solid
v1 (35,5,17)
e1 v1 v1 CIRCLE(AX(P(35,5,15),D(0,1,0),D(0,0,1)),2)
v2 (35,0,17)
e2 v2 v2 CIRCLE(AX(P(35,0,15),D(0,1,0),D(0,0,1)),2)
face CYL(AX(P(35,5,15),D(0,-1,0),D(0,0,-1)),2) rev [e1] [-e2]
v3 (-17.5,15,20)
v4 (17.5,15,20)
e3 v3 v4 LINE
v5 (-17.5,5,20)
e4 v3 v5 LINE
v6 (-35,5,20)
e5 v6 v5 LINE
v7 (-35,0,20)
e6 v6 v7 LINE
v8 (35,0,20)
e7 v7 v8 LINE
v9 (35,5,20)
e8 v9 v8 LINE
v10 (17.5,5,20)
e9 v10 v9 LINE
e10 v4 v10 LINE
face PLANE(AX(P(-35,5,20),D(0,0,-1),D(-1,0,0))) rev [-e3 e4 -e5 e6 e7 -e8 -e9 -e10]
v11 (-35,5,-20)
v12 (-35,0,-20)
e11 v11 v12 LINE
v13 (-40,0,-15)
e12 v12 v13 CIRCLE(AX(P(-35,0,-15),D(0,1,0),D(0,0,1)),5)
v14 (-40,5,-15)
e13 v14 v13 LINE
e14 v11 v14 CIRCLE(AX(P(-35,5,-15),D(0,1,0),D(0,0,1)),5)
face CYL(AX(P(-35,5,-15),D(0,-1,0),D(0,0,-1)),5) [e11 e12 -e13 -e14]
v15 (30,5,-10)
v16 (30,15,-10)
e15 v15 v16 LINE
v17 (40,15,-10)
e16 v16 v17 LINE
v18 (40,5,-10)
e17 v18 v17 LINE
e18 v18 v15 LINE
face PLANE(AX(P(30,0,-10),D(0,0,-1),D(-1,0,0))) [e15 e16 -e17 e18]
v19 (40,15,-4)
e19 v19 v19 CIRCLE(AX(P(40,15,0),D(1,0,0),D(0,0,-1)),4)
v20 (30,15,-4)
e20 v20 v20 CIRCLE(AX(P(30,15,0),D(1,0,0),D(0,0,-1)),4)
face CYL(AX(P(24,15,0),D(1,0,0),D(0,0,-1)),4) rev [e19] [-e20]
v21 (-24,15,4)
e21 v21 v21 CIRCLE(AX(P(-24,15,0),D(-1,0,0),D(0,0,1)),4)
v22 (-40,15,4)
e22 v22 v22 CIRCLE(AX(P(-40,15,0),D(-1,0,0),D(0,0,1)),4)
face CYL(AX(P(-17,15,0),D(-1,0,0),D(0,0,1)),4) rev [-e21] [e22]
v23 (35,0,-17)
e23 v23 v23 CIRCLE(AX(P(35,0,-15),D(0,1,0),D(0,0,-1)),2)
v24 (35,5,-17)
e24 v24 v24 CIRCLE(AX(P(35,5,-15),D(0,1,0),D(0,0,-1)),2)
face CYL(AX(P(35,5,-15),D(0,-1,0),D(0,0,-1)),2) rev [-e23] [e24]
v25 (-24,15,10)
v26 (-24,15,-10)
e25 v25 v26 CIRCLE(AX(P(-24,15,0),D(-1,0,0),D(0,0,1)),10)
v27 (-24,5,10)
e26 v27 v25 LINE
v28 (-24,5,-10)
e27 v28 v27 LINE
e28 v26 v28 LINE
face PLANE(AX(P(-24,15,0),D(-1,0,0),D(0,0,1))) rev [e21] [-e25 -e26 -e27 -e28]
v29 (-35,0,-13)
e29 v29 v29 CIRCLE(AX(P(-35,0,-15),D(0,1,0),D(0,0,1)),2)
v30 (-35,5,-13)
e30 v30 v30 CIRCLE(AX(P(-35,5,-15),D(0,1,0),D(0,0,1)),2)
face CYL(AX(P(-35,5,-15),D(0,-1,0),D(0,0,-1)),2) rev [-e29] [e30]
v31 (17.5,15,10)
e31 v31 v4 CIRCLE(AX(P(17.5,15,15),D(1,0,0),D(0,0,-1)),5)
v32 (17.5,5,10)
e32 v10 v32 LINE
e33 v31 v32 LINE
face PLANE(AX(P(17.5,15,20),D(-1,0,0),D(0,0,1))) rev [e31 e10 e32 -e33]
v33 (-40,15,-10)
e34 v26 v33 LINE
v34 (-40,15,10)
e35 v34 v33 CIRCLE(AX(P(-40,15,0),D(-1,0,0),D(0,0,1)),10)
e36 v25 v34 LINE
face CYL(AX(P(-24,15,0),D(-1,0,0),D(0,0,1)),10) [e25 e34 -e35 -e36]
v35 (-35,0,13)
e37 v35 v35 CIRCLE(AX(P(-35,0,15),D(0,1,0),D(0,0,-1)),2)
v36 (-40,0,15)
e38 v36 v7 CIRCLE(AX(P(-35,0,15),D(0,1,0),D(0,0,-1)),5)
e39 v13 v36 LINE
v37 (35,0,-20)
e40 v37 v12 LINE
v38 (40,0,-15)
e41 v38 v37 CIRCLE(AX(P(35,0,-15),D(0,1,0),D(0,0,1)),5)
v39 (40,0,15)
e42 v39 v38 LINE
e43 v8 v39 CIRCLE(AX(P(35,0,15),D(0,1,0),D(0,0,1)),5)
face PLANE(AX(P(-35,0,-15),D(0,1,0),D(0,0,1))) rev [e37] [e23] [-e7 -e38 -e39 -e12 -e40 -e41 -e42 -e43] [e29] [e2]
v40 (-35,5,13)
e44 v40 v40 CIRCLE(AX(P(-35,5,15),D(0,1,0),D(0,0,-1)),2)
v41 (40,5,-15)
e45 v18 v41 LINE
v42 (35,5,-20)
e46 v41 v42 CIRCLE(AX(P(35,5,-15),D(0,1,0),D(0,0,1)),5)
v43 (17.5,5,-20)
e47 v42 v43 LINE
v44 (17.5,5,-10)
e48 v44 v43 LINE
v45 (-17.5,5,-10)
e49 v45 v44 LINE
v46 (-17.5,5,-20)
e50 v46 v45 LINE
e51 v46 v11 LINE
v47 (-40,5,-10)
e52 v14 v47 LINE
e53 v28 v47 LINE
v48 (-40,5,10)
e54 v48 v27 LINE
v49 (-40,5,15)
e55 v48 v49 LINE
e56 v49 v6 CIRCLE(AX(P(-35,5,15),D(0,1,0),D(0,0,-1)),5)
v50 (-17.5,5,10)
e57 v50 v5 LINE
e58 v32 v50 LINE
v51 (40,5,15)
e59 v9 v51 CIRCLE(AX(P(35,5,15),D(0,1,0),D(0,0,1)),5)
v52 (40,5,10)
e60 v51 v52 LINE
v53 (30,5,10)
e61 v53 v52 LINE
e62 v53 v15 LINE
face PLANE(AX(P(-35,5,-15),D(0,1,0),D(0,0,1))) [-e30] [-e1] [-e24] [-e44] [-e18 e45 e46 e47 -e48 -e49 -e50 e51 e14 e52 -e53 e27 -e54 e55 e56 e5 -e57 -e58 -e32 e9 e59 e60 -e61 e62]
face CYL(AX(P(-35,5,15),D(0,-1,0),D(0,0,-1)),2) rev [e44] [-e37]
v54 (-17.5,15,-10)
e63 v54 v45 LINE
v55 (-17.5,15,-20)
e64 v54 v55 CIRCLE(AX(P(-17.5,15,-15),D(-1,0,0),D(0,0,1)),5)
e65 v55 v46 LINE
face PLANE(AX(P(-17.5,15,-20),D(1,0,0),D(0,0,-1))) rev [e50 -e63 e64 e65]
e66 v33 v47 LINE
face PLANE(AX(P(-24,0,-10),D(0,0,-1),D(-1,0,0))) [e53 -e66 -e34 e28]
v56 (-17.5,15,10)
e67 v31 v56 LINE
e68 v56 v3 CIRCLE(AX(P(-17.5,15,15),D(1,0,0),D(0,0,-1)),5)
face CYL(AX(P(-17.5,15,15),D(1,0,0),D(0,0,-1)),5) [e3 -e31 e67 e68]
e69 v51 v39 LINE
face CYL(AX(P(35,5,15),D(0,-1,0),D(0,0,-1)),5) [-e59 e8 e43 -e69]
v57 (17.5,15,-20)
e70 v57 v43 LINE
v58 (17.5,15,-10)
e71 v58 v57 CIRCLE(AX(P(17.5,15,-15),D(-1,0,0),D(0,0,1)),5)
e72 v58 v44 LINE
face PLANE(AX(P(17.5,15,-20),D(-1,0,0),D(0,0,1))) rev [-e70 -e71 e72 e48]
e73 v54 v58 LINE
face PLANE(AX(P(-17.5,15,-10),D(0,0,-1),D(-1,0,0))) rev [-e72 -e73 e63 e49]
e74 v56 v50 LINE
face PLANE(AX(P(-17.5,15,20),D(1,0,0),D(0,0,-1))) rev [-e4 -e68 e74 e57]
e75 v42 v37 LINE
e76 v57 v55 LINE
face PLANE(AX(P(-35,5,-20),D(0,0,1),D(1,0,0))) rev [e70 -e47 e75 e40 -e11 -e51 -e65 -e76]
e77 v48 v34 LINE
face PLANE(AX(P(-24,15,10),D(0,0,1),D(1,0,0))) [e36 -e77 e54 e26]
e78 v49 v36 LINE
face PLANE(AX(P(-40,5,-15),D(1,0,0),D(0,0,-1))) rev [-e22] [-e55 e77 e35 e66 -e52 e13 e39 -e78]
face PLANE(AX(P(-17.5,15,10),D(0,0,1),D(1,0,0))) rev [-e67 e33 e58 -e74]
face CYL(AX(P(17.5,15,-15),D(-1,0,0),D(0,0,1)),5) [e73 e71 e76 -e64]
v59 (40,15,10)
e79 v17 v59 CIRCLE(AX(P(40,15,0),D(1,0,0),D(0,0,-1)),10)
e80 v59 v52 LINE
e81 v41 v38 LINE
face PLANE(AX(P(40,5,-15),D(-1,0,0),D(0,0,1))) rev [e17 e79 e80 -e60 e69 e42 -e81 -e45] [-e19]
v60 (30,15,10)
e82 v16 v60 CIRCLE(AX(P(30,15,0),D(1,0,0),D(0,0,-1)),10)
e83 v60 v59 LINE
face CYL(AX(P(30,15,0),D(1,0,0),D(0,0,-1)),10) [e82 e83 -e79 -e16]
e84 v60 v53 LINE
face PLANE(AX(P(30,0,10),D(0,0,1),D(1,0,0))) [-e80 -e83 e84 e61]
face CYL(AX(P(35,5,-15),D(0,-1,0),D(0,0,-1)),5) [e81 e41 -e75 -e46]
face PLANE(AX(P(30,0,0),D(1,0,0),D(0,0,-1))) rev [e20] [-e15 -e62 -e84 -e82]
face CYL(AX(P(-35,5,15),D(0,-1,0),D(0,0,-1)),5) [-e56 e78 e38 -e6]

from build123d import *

# Parameters (mm, degrees)
SKETCH1_R           = 2
BOSS_EXTRUDE1_DEPTH = 5
BOSS_EXTRUDE2_DEPTH = 10
SKETCH3_R           = 4
CUT_EXTRUDE1_DEPTH  = 16
BOSS_EXTRUDE3_DEPTH = 16
SKETCH5_R           = 4
CUT_EXTRUDE2_DEPTH  = 23
SKETCH7_W           = 35
SKETCH7_H           = 10
BOSS_EXTRUDE4_DEPTH = 10
BOSS_EXTRUDE5_DEPTH = 35
SKETCH10_W          = 35
SKETCH10_H          = 10
BOSS_EXTRUDE6_DEPTH = 10
BOSS_EXTRUDE7_DEPTH = 35


with BuildPart() as part:
    # Sketch1 → Boss-Extrude1 (new body)
    with BuildSketch(Plane(origin=(0, 0, 0), x_dir=(1, 0, 0), z_dir=(0, 1, 0))):
        with BuildLine():
            Line((-35, 20), (35, 20))
            ThreePointArc((35, 20), (38.535533906, 18.535533906), (40, 15))
            Line((40, 15), (40, -15))
            ThreePointArc((40, -15), (38.535533906, -18.535533906), (35, -20))
            Line((35, -20), (-35, -20))
            ThreePointArc((-35, -20), (-38.535533906, -18.535533906), (-40, -15))
            Line((-40, -15), (-40, 15))
            ThreePointArc((-40, 15), (-38.535533906, 18.535533906), (-35, 20))
        make_face()
        with Locations((-35, 15)):
            Circle(SKETCH1_R, mode=Mode.SUBTRACT)
        with Locations((-35, -15)):
            Circle(SKETCH1_R, mode=Mode.SUBTRACT)
        with Locations((35, 15)):
            Circle(SKETCH1_R, mode=Mode.SUBTRACT)
        with Locations((35, -15)):
            Circle(SKETCH1_R, mode=Mode.SUBTRACT)
    extrude(amount=BOSS_EXTRUDE1_DEPTH)

    # Sketch2 → Boss-Extrude2 (add)
    with BuildSketch(Plane(origin=(40, 0, 0), x_dir=(0, 0, -1), z_dir=(1, 0, 0))):
        with BuildLine():
            ThreePointArc((10, 15), (0, 25), (-10, 15))
            Line((-10, 15), (-10, 0))
            Line((-10, 0), (10, 0))
            Line((10, 0), (10, 15))
        make_face()
    extrude(amount=-BOSS_EXTRUDE2_DEPTH)

    # Sketch3 → Cut-Extrude1 (cut)
    with BuildSketch(Plane(origin=(40, 0, 0), x_dir=(0, 0, -1), z_dir=(1, 0, 0))):
        with Locations((0, 15)):
            Circle(SKETCH3_R)
    extrude(amount=-CUT_EXTRUDE1_DEPTH, mode=Mode.SUBTRACT)

    # Sketch4 → Boss-Extrude3 (add)
    with BuildSketch(Plane.ZY.offset(40)):
        with BuildLine():
            Line((0, 0), (-10, 0))
            Line((-10, 0), (-10, 15))
            ThreePointArc((-10, 15), (0, 25), (10, 15))
            Line((10, 15), (10, 0))
            Line((10, 0), (0, 0))
        make_face()
    extrude(amount=-BOSS_EXTRUDE3_DEPTH)

    # Sketch5 → Cut-Extrude2 (cut)
    with BuildSketch(Plane.ZY.offset(40)):
        with Locations((0, 15)):
            Circle(SKETCH5_R)
    extrude(amount=-CUT_EXTRUDE2_DEPTH, mode=Mode.SUBTRACT)

    # Sketch7 → Boss-Extrude4 (add)
    with BuildSketch(Plane(origin=(0, 5, 0), x_dir=(1, 0, 0), z_dir=(0, 1, 0))):
        with Locations((0, 15)):
            Rectangle(SKETCH7_W, SKETCH7_H)
    extrude(amount=BOSS_EXTRUDE4_DEPTH)

    # Sketch8 → Boss-Extrude5 (add)
    with BuildSketch(Plane.ZY.offset(17.5)):
        with BuildLine():
            Line((-20, 15), (-10, 15))
            ThreePointArc((-10, 15), (-15, 20), (-20, 15))
        make_face()
    extrude(amount=-BOSS_EXTRUDE5_DEPTH)

    # Sketch10 → Boss-Extrude6 (add)
    with BuildSketch(Plane(origin=(0, 5, 0), x_dir=(1, 0, 0), z_dir=(0, 1, 0))):
        with Locations((0, -15)):
            Rectangle(SKETCH10_W, SKETCH10_H)
    extrude(amount=BOSS_EXTRUDE6_DEPTH)

    # Sketch11 → Boss-Extrude7 (add)
    with BuildSketch(Plane(origin=(17.5, 0, 0), x_dir=(0, 0, -1), z_dir=(1, 0, 0))):
        with BuildLine():
            Line((-20, 15), (-10, 15))
            ThreePointArc((-10, 15), (-15, 20), (-20, 15))
        make_face()
    extrude(amount=-BOSS_EXTRUDE7_DEPTH)


solid = part.part
